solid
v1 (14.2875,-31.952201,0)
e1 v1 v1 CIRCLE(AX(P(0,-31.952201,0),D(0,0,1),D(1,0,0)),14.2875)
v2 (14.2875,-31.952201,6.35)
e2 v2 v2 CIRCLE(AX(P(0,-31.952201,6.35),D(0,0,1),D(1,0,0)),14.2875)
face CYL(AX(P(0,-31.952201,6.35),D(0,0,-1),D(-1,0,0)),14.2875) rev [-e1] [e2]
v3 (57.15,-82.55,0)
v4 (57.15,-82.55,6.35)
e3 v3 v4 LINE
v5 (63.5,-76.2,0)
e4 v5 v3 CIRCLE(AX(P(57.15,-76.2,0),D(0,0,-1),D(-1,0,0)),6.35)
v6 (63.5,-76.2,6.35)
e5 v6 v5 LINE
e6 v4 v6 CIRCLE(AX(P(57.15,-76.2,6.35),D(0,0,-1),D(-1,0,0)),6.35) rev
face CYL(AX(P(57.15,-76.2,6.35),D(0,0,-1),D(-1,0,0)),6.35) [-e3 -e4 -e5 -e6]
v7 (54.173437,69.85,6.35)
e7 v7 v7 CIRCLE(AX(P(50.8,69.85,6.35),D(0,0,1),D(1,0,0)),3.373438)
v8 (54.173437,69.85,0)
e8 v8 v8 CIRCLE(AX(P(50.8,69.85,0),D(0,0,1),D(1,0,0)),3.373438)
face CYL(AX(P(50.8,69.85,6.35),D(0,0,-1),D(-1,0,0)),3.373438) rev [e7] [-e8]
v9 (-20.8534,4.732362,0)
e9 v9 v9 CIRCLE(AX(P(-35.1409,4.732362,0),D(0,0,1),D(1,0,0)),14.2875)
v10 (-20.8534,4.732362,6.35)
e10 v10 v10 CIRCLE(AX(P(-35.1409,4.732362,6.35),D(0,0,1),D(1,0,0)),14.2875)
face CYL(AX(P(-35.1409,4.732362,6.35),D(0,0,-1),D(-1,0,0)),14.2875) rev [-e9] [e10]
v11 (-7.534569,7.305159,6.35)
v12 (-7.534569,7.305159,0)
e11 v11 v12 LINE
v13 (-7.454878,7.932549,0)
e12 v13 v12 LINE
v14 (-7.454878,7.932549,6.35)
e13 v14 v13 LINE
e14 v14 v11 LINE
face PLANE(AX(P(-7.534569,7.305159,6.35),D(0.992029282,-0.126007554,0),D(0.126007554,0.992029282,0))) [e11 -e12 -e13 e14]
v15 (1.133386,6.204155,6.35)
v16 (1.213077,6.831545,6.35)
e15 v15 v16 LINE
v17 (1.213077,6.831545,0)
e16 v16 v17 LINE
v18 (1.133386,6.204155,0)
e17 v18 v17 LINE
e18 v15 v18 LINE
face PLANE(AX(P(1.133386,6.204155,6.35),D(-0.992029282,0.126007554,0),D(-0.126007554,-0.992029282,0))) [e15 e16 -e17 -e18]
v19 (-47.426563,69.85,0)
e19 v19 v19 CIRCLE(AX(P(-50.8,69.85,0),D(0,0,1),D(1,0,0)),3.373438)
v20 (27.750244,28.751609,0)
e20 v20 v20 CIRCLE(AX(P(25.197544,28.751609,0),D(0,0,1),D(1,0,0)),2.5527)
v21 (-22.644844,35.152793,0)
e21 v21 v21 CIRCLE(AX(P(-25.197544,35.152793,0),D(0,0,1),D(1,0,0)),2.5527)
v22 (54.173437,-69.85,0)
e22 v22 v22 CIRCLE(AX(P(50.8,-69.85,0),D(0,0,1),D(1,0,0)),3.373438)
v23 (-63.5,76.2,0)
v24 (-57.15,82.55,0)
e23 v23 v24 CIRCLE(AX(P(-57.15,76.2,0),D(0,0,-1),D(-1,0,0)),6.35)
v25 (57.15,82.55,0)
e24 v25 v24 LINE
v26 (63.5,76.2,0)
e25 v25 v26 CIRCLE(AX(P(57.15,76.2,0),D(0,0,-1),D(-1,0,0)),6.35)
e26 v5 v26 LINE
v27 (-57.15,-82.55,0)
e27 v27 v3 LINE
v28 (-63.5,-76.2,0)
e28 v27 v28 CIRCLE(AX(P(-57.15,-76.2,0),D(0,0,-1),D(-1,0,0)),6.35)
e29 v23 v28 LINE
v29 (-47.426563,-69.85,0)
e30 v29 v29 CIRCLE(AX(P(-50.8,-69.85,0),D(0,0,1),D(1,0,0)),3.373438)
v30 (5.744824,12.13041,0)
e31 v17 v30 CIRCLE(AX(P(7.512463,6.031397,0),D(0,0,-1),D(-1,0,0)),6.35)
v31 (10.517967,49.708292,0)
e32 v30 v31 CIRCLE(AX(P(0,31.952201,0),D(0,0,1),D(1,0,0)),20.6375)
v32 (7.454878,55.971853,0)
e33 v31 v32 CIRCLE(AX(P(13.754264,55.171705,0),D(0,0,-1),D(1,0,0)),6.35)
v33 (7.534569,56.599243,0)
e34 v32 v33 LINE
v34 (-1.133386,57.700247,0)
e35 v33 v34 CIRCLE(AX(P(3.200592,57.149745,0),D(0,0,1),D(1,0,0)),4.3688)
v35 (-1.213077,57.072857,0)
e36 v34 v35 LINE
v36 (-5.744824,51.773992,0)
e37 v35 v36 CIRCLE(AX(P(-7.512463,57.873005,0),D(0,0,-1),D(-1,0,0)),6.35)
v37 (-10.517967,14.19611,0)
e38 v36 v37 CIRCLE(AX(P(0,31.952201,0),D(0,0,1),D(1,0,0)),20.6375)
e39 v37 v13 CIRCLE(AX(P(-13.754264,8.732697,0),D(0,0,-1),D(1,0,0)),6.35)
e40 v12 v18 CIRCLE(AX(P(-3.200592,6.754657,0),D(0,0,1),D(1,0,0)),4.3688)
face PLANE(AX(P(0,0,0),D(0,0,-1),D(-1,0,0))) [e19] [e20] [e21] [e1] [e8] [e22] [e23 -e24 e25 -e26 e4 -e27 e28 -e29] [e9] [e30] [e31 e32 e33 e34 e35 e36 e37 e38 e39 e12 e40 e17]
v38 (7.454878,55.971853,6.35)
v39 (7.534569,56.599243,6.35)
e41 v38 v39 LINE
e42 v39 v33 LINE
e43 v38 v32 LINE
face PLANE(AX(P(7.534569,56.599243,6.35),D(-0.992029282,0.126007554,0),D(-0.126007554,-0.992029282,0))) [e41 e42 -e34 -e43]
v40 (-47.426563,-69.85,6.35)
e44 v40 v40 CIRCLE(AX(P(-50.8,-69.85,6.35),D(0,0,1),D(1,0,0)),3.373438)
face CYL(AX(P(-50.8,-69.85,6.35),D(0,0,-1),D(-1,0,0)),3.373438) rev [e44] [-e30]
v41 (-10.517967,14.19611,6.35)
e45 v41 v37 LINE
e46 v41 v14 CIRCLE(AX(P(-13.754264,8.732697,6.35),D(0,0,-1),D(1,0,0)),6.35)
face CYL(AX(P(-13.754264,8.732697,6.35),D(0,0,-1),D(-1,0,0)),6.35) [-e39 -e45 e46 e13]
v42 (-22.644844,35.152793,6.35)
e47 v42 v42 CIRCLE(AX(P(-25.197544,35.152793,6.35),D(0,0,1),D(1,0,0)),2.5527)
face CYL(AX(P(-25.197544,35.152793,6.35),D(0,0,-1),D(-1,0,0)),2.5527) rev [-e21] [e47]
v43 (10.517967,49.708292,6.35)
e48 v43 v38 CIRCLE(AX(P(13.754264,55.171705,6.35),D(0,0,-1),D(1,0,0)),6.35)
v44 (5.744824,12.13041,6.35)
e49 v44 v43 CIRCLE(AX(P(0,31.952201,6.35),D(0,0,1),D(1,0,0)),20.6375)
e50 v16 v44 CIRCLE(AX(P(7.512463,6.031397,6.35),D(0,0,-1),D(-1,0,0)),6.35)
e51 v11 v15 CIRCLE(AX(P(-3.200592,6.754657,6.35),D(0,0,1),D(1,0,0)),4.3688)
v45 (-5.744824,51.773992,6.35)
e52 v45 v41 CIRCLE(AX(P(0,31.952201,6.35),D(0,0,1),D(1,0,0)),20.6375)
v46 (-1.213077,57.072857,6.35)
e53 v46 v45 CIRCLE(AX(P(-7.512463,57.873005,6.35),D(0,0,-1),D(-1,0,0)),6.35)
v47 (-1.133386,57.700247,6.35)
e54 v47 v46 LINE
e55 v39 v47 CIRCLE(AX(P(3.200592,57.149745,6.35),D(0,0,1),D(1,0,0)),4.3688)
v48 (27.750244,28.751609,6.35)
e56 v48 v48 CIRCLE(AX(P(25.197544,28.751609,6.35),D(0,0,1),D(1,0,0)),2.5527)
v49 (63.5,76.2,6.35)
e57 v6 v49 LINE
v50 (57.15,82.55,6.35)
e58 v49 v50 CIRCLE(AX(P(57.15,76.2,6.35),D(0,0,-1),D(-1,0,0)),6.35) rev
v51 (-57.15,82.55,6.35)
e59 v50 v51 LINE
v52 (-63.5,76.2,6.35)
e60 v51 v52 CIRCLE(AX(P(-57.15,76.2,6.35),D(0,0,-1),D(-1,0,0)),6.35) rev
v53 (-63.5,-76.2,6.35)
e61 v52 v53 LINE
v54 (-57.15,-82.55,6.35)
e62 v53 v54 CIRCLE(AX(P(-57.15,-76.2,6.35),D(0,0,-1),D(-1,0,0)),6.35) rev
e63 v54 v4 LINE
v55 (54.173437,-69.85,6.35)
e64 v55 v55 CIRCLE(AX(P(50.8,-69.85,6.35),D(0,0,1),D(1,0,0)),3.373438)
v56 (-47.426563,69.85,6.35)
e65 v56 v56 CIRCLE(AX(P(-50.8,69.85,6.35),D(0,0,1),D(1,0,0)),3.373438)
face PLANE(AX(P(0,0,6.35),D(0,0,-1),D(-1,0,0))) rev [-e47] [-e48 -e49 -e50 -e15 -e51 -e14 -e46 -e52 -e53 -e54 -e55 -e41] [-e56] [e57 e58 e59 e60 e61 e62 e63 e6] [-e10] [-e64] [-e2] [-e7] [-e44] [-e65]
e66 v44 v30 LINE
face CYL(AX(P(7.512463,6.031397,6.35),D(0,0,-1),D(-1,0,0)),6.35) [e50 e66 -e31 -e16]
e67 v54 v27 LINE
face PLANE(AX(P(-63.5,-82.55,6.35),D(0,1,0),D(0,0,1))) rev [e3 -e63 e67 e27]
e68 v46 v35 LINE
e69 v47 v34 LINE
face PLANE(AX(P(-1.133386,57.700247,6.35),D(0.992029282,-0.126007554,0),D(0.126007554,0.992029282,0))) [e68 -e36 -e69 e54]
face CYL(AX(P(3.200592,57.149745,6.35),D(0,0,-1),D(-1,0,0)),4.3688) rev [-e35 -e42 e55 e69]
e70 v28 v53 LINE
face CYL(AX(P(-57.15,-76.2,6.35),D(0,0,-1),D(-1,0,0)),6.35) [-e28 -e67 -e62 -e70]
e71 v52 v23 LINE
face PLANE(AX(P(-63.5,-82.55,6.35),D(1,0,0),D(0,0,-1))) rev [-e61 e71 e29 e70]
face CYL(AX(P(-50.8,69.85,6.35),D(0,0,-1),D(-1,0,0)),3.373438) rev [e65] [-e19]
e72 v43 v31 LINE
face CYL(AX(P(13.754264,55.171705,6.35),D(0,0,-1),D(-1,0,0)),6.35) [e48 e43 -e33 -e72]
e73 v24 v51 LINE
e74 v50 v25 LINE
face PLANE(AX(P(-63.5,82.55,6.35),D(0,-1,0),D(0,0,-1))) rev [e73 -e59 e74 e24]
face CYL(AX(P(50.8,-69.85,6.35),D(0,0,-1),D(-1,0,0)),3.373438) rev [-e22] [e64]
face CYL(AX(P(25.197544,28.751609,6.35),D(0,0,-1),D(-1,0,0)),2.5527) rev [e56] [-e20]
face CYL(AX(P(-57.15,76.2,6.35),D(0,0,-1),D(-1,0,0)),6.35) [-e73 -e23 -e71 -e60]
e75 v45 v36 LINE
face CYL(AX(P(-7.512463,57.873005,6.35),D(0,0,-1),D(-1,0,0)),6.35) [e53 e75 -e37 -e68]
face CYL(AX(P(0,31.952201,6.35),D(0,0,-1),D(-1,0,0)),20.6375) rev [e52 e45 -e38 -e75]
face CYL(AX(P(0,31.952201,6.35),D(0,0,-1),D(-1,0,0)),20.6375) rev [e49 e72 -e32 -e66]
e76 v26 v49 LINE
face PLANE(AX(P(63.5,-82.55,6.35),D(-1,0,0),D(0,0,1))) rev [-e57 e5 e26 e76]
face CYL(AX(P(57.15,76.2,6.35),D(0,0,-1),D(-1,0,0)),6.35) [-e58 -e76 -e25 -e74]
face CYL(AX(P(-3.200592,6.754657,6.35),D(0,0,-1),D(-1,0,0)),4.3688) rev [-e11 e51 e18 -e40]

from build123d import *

# Parameters (mm, degrees)
SKETCH1_W           = 127
SKETCH1_H           = 165.1
SKETCH1_R           = 3.3734375
SKETCH1_R_2         = 14.2875
SKETCH1_R_3         = 2.5527
BOSS_EXTRUDE1_DEPTH = 6.35
FILLET1_R           = 6.35


with BuildPart() as part:
    # Sketch1 → Boss-Extrude1 (new body)
    with BuildSketch(Plane.XY):
        Rectangle(SKETCH1_W, SKETCH1_H)
        with Locations((-50.8, 69.85)):
            Circle(SKETCH1_R, mode=Mode.SUBTRACT)
        with Locations((50.8, 69.85)):
            Circle(SKETCH1_R, mode=Mode.SUBTRACT)
        with Locations((50.8, -69.85)):
            Circle(SKETCH1_R, mode=Mode.SUBTRACT)
        with Locations((-50.8, -69.85)):
            Circle(SKETCH1_R, mode=Mode.SUBTRACT)
        with Locations((0, -31.952201006)):
            Circle(SKETCH1_R_2, mode=Mode.SUBTRACT)
        with Locations((-35.1409, 4.732361785)):
            Circle(SKETCH1_R_2, mode=Mode.SUBTRACT)
        with Locations((25.197543761, 28.751609125)):
            Circle(SKETCH1_R_3, mode=Mode.SUBTRACT)
        with Locations((-25.197543761, 35.152792887)):
            Circle(SKETCH1_R_3, mode=Mode.SUBTRACT)
        with BuildLine():
            Line((-7.534569408, 7.305159048), (-7.454878346, 7.932548946))
            ThreePointArc((-7.454878346, 7.932548946), (-8.049848215, 11.522345151), (-10.517966807, 14.196109643))
            ThreePointArc((-10.517966807, 14.196109643), (-20.473004306, 34.552681909), (-5.744824378, 51.773992023))
            ThreePointArc((-5.744824378, 51.773992023), (-2.686624737, 53.7458036), (-1.213076708, 57.072856673))
            Line((-1.213076708, 57.072856673), (-1.133385646, 57.700246571))
            ThreePointArc((-1.133385646, 57.700246571), (3.751093684, 61.483722294), (7.534569408, 56.599242964))
            Line((7.534569408, 56.599242964), (7.454878346, 55.971853066))
            ThreePointArc((7.454878346, 55.971853066), (8.049848215, 52.38205686), (10.517966807, 49.708292369))
            ThreePointArc((10.517966807, 49.708292369), (20.473004306, 29.351720103), (5.744824378, 12.130409989))
            ThreePointArc((5.744824378, 12.130409989), (2.686624737, 10.158598412), (1.213076708, 6.831545339))
            Line((1.213076708, 6.831545339), (1.133385646, 6.204155441))
            ThreePointArc((1.133385646, 6.204155441), (-3.751093684, 2.420679717), (-7.534569408, 7.305159048))
        make_face(mode=Mode.SUBTRACT)
    extrude(amount=BOSS_EXTRUDE1_DEPTH)

    # Fillet1
    fillet1_edges = [part.edges().sort_by_distance(p)[0] for p in [
        (63.5, -82.55, 3.175),
        (-63.5, -82.55, 3.175),
        (-63.5, 82.55, 3.175),
        (63.5, 82.55, 3.175),
    ]]
    fillet(fillet1_edges, radius=FILLET1_R)


solid = part.part
